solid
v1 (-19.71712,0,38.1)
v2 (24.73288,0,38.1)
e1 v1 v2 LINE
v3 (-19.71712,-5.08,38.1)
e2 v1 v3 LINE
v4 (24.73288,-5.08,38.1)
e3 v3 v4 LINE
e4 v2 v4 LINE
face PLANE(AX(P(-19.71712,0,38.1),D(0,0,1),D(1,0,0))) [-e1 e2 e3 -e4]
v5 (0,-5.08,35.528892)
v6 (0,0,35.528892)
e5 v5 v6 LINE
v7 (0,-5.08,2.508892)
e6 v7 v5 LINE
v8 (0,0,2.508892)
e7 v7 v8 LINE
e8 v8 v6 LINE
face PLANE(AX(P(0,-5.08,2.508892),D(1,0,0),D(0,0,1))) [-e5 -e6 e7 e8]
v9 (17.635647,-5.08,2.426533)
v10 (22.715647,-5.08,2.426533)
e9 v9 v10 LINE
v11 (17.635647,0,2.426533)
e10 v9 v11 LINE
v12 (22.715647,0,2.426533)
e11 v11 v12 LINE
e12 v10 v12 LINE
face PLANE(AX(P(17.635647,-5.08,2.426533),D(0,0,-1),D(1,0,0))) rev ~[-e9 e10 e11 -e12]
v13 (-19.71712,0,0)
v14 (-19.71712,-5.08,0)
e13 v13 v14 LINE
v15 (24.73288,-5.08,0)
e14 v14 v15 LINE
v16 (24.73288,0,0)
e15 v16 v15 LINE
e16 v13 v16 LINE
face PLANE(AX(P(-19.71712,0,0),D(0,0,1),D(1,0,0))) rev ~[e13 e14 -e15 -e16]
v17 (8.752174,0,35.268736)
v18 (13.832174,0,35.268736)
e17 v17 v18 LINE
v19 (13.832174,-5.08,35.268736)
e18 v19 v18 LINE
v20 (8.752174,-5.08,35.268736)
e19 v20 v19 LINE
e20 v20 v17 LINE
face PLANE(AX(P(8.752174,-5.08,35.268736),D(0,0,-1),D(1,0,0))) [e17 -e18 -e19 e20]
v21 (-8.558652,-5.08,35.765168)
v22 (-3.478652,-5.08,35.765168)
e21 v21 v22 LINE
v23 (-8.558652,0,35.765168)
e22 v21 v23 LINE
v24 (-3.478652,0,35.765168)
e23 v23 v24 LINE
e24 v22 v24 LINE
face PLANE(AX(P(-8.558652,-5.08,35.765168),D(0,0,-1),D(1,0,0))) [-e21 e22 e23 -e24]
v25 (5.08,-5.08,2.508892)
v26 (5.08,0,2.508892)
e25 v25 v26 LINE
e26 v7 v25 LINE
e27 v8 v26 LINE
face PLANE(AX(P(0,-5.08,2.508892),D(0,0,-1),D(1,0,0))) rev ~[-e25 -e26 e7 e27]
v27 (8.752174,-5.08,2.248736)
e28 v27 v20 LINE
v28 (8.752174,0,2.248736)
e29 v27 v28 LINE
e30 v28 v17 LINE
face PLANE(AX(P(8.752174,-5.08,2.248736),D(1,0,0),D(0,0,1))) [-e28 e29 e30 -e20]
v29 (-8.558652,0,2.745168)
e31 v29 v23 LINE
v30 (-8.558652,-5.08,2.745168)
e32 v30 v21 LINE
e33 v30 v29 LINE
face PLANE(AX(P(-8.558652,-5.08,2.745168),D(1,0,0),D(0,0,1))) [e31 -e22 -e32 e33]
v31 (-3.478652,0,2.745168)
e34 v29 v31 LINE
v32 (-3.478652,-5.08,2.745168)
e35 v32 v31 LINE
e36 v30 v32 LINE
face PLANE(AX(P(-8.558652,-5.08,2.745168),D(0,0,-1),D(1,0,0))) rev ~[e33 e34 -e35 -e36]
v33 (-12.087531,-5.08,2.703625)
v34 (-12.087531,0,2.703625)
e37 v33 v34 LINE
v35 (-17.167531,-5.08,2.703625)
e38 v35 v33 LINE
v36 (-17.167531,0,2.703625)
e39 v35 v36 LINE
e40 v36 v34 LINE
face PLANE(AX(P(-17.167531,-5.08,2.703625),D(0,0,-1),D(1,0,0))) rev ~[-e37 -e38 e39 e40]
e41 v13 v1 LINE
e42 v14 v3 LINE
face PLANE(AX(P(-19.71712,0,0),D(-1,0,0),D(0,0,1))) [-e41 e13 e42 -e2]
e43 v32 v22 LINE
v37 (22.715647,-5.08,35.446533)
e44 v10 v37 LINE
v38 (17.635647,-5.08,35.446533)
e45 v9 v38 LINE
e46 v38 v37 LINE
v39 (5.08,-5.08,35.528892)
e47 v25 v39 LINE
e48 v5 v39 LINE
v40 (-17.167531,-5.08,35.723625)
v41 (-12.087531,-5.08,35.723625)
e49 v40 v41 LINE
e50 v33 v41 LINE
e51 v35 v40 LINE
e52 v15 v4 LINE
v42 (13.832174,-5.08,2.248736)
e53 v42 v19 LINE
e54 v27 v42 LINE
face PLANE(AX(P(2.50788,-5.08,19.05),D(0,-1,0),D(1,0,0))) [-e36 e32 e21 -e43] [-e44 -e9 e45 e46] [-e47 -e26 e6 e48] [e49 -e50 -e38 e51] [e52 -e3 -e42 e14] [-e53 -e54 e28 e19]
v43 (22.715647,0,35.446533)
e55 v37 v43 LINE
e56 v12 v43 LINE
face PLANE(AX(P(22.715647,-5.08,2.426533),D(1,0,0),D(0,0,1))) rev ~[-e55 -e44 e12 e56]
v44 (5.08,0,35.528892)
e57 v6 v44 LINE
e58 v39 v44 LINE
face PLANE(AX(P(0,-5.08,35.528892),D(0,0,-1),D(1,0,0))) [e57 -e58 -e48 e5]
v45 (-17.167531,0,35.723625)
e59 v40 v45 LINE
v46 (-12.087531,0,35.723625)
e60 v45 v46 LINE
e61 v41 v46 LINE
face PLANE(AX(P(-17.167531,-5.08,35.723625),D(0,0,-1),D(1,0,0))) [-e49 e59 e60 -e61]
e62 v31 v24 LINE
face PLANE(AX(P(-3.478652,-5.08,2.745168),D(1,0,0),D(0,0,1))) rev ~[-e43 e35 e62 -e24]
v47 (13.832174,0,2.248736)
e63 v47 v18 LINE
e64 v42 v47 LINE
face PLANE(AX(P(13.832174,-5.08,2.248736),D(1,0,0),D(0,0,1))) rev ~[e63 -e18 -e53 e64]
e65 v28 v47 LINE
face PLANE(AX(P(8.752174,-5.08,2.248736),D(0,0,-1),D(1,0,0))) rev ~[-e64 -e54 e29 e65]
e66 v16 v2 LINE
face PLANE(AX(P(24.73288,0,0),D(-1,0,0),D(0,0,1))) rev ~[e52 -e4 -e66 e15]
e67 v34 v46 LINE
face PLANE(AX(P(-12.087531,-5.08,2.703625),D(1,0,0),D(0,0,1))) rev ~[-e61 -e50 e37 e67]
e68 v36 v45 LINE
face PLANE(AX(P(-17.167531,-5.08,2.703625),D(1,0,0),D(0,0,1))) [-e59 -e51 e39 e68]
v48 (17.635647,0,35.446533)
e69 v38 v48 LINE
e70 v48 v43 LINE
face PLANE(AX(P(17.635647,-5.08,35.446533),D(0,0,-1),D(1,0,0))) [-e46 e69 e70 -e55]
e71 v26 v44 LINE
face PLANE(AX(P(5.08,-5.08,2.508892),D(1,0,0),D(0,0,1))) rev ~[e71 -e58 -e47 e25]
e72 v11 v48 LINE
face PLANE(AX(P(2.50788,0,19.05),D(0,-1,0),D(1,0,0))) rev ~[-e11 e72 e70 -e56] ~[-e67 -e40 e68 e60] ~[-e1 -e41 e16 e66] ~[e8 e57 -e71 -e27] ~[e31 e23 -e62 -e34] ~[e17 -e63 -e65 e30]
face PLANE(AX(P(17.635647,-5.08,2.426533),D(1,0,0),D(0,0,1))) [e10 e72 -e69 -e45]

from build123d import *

# Parameters (mm, degrees)
F0_W     = 44.45
F0_H     = 38.1
F1_DEPTH = 5.08
F2_W     = 5.08
F2_H     = 33.02
F3_DEPTH = 25.4


with BuildPart() as f1:
    # F0 (on Front) → F1 (new body)
    with BuildSketch(Plane.XZ):
        with Locations((2.50788, 19.05)):
            Rectangle(F0_W, F0_H)
    extrude(amount=F1_DEPTH)

    # F2 (on face) → F3 (cut)
    with BuildSketch(Plane.XZ.offset(5.08)):
        with Locations((-14.627531, 19.213625)):
            Rectangle(F2_W, F2_H)
        with Locations((-6.018652, 19.255168)):
            Rectangle(F2_W, F2_H)
        with Locations((2.54, 19.018892)):
            Rectangle(F2_W, F2_H)
        with Locations((11.292174, 18.758736)):
            Rectangle(F2_W, F2_H)
        with Locations((20.175647, 18.936533)):
            Rectangle(F2_W, F2_H)
    extrude(amount=-F3_DEPTH, mode=Mode.SUBTRACT)


solid = f1.part
